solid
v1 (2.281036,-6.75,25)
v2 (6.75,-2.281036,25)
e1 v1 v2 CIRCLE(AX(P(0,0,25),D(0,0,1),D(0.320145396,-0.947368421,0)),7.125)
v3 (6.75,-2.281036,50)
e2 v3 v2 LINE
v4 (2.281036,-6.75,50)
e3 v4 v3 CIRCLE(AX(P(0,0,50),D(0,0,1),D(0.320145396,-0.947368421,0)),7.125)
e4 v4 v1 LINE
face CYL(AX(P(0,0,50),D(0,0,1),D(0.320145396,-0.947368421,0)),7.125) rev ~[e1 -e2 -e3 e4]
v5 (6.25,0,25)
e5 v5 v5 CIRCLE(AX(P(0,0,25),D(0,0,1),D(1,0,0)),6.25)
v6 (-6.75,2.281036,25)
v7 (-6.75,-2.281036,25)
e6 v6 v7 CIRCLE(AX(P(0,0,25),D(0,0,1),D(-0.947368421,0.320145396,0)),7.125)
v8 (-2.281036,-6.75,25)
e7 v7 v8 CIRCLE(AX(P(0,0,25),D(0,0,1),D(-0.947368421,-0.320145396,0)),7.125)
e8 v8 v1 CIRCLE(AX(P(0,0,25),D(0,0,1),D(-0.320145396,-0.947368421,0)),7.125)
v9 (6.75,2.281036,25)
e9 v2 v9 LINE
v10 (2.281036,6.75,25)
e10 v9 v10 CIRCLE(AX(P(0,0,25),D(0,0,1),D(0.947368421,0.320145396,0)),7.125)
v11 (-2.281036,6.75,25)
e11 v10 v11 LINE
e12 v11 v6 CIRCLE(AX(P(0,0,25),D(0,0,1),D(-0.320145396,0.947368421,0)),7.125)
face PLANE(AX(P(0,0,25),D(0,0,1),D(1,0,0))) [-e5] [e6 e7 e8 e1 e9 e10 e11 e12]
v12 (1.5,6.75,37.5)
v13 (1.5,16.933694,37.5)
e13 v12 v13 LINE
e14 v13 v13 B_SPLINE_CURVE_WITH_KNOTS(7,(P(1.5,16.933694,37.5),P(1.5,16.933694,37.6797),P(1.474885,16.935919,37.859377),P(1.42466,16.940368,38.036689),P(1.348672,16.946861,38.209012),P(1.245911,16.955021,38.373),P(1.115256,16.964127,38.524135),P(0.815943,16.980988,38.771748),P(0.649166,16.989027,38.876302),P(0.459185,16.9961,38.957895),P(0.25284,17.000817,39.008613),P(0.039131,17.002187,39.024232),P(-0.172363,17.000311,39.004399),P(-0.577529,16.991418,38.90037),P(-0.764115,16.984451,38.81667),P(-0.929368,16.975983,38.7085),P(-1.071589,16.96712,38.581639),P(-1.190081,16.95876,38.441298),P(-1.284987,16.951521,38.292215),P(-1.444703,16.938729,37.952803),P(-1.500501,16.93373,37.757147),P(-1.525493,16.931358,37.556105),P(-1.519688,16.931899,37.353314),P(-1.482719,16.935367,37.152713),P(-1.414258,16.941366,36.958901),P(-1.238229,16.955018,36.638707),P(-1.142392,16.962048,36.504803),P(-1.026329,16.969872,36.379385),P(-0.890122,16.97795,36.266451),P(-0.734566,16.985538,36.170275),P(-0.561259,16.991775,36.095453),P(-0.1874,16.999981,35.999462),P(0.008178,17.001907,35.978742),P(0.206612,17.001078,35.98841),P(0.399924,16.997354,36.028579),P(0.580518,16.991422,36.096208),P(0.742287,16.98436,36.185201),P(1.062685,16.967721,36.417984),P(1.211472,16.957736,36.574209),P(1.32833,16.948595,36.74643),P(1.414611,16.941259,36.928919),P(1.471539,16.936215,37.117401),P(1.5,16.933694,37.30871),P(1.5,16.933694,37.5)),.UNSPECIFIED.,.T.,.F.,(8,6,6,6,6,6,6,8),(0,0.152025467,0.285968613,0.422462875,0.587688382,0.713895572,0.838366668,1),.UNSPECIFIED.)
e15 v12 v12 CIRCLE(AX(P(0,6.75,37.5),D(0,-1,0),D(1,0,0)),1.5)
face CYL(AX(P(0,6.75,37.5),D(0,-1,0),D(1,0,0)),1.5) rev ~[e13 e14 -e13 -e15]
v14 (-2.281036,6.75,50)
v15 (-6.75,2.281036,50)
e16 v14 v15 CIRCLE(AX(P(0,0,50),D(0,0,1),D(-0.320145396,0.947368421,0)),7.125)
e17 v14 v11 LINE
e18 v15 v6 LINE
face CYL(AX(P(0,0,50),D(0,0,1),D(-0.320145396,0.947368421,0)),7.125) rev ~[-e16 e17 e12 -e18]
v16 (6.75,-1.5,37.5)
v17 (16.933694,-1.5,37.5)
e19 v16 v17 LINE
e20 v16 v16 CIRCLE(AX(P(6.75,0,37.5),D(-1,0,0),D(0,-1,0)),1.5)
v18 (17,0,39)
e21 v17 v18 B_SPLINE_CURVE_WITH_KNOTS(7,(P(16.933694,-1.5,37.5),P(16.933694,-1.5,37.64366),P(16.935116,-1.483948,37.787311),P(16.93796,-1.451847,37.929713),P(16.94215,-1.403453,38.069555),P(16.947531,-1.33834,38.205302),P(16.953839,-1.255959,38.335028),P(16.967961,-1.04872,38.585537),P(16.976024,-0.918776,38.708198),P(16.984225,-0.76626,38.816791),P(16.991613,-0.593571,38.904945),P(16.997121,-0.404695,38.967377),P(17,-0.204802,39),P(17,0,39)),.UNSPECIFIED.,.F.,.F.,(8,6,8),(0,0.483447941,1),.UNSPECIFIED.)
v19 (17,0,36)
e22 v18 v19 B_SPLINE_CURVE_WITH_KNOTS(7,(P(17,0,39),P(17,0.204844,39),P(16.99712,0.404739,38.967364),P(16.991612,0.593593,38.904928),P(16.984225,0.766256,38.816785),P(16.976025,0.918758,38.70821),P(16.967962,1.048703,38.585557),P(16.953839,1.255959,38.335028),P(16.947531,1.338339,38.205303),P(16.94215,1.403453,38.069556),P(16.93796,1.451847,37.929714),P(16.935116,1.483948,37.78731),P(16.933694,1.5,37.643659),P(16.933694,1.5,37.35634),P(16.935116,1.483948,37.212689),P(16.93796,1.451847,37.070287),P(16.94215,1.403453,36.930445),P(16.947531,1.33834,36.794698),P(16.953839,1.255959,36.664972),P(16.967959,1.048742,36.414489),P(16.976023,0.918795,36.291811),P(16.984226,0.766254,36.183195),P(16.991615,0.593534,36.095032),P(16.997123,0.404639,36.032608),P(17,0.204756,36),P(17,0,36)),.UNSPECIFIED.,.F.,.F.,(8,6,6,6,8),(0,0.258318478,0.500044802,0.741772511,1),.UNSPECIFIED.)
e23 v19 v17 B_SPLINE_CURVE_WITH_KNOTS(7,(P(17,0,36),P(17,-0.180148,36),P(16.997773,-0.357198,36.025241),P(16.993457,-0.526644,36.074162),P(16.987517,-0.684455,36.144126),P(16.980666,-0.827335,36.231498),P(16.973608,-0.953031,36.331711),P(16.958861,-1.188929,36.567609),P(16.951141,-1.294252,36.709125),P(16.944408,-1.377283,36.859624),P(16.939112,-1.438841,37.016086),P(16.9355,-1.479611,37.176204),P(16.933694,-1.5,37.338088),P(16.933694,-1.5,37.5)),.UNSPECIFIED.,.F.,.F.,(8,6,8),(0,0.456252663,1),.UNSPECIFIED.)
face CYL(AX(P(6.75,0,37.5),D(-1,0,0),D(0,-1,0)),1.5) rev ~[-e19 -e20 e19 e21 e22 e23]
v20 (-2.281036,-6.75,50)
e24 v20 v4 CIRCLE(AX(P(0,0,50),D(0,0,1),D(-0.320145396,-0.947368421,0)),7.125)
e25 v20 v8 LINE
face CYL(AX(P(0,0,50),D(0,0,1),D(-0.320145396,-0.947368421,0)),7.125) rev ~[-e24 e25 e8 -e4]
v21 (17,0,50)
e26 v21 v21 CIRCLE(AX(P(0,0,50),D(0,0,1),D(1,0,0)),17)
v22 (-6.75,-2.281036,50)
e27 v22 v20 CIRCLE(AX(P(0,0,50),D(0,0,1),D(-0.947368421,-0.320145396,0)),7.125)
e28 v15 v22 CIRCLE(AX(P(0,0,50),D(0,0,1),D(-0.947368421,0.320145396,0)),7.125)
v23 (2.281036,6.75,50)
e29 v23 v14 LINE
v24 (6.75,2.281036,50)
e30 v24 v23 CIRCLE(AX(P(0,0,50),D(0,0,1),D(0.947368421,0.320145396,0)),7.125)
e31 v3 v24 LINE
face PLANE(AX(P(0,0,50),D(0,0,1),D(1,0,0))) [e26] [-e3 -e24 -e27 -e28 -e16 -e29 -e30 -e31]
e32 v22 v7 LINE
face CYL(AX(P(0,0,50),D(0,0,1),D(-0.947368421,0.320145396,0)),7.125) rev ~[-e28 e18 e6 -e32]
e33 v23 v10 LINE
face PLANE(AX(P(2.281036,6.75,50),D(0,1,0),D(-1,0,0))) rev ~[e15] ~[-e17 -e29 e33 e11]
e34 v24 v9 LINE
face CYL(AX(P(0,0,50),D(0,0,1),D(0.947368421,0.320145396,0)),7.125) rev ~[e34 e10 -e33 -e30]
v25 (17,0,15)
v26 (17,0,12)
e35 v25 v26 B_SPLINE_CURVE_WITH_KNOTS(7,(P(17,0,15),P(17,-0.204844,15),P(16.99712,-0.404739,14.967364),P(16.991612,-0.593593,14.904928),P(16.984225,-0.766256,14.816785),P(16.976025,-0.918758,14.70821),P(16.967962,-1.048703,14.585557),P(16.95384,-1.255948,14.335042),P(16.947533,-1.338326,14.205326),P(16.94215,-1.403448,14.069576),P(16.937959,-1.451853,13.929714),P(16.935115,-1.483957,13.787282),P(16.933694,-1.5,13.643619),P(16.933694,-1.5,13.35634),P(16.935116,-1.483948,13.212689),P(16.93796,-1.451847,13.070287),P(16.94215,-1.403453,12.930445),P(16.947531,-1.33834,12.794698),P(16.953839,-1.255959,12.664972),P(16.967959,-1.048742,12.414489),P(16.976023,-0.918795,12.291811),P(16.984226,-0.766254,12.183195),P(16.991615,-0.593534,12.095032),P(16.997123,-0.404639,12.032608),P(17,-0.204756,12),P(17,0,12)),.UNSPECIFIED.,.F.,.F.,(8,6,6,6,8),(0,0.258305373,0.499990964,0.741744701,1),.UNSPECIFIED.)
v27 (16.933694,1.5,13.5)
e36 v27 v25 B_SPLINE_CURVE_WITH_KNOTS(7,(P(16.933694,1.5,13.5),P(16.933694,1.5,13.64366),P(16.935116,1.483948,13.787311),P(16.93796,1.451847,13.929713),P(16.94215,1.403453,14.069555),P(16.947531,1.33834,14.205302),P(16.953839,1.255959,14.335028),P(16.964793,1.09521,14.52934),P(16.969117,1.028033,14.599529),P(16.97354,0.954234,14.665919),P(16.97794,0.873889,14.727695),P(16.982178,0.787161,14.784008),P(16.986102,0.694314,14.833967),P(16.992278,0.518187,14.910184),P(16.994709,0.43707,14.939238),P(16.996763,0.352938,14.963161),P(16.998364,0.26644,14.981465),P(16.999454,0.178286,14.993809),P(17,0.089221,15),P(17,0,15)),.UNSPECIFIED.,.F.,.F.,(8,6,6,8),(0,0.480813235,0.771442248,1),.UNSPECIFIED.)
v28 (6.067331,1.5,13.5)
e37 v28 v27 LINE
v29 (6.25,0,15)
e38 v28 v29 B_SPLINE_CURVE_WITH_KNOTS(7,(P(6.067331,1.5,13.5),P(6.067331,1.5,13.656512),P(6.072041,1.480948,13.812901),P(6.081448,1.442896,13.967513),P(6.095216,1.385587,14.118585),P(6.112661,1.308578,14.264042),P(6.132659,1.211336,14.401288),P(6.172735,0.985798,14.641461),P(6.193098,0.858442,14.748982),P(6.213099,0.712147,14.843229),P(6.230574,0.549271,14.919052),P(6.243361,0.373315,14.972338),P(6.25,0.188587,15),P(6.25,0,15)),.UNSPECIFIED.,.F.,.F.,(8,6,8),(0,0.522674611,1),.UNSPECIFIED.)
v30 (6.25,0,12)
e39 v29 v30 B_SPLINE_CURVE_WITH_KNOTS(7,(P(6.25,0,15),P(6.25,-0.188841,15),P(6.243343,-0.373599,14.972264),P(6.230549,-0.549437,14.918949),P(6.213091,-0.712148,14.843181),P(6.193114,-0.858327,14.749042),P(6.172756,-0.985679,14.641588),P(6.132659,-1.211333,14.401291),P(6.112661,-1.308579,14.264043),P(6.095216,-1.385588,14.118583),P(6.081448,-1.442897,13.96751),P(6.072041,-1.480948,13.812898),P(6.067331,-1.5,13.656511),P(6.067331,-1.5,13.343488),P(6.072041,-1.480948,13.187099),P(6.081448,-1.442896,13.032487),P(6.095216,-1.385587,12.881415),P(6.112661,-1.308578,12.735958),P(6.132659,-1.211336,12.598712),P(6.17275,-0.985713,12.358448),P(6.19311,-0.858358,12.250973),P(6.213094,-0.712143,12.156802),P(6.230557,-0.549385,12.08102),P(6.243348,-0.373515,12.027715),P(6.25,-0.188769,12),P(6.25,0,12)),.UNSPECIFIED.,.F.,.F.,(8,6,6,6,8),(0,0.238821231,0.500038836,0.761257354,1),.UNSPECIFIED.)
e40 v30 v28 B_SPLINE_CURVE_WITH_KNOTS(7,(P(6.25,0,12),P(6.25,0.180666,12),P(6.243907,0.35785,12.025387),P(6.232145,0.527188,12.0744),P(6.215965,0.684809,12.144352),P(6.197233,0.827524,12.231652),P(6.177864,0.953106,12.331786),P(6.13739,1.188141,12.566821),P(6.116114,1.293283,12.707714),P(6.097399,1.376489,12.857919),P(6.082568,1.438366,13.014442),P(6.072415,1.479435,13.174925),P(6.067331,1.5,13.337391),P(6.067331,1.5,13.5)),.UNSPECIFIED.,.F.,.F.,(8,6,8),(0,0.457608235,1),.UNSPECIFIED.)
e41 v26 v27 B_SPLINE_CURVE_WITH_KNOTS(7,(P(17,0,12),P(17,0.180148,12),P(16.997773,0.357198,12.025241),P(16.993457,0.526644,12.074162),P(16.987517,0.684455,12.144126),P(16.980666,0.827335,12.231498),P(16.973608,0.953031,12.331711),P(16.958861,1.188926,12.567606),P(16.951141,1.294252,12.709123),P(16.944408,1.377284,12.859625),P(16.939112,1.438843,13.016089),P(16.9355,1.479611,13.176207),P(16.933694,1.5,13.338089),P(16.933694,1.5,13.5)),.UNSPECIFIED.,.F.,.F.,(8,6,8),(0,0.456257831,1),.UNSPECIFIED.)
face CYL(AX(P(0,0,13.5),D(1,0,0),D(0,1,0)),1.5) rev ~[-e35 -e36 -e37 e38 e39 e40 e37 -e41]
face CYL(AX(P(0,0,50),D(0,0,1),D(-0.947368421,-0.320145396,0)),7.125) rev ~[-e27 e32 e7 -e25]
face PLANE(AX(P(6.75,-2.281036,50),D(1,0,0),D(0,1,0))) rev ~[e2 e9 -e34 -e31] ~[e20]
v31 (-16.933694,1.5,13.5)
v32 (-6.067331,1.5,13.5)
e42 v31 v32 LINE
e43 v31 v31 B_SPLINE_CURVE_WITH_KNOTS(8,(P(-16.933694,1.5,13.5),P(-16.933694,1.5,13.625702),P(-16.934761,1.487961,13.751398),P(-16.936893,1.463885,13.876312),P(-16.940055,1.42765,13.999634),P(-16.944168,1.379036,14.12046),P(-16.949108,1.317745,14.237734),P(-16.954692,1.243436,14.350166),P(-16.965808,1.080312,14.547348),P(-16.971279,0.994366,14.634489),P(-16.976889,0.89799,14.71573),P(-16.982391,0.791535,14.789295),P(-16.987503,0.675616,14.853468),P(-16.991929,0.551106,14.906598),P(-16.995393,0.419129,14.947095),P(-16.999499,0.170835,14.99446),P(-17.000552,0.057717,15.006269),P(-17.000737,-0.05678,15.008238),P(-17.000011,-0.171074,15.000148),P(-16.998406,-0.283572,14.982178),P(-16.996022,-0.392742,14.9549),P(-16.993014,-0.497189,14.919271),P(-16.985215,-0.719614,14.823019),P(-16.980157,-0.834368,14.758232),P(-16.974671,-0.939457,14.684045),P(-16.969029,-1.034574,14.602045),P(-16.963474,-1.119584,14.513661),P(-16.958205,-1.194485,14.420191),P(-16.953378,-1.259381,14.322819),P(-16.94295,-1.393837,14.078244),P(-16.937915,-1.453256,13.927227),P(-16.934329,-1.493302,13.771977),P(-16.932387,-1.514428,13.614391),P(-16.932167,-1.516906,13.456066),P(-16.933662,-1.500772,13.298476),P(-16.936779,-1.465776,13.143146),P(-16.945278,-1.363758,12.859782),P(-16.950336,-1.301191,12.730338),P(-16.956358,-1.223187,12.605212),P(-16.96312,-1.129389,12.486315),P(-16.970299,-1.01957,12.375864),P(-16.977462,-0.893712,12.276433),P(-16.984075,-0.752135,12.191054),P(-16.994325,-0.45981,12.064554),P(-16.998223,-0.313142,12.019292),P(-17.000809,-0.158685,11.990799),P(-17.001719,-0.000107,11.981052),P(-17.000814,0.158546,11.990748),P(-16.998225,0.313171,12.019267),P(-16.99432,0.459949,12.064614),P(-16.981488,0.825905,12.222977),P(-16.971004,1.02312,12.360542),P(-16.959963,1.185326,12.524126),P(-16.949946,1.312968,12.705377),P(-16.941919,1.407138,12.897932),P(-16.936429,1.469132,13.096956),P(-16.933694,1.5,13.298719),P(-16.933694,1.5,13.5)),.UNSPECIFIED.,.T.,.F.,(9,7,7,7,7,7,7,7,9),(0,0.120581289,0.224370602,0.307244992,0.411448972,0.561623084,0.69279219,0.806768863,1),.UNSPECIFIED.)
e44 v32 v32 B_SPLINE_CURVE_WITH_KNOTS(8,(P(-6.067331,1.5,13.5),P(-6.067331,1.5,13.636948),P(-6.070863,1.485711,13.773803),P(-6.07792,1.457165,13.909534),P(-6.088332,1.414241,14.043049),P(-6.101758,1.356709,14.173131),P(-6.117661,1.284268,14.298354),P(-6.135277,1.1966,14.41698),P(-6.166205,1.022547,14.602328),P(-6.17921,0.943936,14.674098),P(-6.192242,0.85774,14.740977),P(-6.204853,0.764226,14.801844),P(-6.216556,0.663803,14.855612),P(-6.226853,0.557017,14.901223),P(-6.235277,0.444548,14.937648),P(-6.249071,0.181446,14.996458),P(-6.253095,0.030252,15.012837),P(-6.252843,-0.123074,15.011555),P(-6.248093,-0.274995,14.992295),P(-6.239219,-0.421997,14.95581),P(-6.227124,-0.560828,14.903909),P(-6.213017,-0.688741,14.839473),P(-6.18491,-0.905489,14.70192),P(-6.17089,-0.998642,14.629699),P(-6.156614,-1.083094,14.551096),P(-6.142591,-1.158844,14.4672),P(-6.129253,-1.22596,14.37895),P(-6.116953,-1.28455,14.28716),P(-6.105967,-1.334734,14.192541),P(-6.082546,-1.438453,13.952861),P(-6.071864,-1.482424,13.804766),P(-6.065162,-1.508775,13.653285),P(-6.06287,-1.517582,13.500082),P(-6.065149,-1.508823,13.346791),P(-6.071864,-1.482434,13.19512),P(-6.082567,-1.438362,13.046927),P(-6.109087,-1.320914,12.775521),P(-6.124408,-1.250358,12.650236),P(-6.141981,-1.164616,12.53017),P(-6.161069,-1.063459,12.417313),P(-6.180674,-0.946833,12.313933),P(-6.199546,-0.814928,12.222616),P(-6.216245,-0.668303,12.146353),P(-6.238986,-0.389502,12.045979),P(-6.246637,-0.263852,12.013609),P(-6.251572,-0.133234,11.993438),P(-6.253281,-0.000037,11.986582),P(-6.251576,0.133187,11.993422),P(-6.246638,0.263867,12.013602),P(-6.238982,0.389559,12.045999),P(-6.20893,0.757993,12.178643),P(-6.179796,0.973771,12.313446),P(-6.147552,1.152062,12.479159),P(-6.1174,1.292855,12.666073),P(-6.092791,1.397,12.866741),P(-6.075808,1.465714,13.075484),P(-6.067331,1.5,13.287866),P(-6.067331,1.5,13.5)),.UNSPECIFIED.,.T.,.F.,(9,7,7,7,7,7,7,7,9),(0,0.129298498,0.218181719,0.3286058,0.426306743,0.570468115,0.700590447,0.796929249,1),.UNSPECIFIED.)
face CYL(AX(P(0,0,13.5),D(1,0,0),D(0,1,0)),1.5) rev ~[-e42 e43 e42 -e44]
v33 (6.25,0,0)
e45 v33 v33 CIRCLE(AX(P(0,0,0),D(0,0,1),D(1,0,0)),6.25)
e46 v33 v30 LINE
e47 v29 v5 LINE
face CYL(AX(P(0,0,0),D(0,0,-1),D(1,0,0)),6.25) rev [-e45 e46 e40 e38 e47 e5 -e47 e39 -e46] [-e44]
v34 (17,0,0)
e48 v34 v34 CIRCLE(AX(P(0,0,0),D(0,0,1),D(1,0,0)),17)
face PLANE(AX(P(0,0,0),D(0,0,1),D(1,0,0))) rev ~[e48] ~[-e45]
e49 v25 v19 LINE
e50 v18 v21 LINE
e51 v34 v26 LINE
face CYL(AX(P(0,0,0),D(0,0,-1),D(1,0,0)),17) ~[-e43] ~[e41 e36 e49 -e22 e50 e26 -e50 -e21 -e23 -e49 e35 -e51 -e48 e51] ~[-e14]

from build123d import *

# Parameters (mm, degrees)
F0_R      = 17
F0_R_2    = 6.25
F1_DEPTH  = 50
F3_DEPTH  = 25
F4_DEPTH  = 25
F5_R      = 1.5
F6_DEPTH  = 25
F7_R      = 1.5
F8_DEPTH  = 25
F9_R      = 1.5
F10_DEPTH = 50


with BuildPart() as f1:
    # F0 (on Top) → F1 (new body)
    with BuildSketch(Plane.XY):
        Circle(F0_R)
        Circle(F0_R_2, mode=Mode.SUBTRACT)
        Circle(F0_R_2)
    extrude(amount=F1_DEPTH)

    # F0 (on Top) → F3 (cut)
    with BuildSketch(Plane.XY):
        Circle(F0_R_2)
    extrude(amount=F3_DEPTH, mode=Mode.SUBTRACT)

    # F2 (on face) → F4 (cut)
    with BuildSketch(Plane.XY.offset(50)):
        with BuildLine():
            Line((6.75, -2.2810359489), (6.75, 2.2810359489))
            ThreePointArc((6.75, 2.2810359489), (5.038135816, 5.038135816), (2.2810359489, 6.75))
            Line((2.2810359489, 6.75), (-2.2810359489, 6.75))
            ThreePointArc((-2.2810359489, 6.75), (-5.038135816, 5.038135816), (-6.75, 2.2810359489))
            Line((-6.75, 2.2810359489), (-6.75, -2.2810359489))
            ThreePointArc((-6.75, -2.2810359489), (-5.038135816, -5.038135816), (-2.2810359489, -6.75))
            Line((-2.2810359489, -6.75), (2.2810359489, -6.75))
            ThreePointArc((2.2810359489, -6.75), (5.038135816, -5.038135816), (6.75, -2.2810359489))
        make_face()
        with BuildLine():
            Line((-6.75, -2.2810359489), (-6.75, 2.2810359489))
            ThreePointArc((-6.75, 2.2810359489), (-7.125, 0), (-6.75, -2.2810359489))
        make_face()
        with BuildLine():
            ThreePointArc((-2.2810359489, -6.75), (0, -7.125), (2.2810359489, -6.75))
            Line((2.2810359489, -6.75), (-2.2810359489, -6.75))
        make_face()
    extrude(amount=-F4_DEPTH, mode=Mode.SUBTRACT)

    # F5 (on face) → F6 (cut)
    with BuildSketch(Plane(origin=(6.75, 0, 0), x_dir=(0, -1, 0), z_dir=(-1, 0, 0))):
        with Locations((0, 37.5)):
            Circle(F5_R)
    extrude(amount=-F6_DEPTH, mode=Mode.SUBTRACT)

    # F7 (on face) → F8 (cut)
    with BuildSketch(Plane.XZ.offset(-6.75)):
        with Locations((0, 37.5)):
            Circle(F7_R)
    extrude(amount=-F8_DEPTH, mode=Mode.SUBTRACT)

    # F9 (on Right) → F10 (cut, symmetric)
    with BuildSketch(Plane.YZ):
        with Locations((0, 13.5)):
            Circle(F9_R)
    extrude(amount=F10_DEPTH, both=True, mode=Mode.SUBTRACT)


solid = f1.part
